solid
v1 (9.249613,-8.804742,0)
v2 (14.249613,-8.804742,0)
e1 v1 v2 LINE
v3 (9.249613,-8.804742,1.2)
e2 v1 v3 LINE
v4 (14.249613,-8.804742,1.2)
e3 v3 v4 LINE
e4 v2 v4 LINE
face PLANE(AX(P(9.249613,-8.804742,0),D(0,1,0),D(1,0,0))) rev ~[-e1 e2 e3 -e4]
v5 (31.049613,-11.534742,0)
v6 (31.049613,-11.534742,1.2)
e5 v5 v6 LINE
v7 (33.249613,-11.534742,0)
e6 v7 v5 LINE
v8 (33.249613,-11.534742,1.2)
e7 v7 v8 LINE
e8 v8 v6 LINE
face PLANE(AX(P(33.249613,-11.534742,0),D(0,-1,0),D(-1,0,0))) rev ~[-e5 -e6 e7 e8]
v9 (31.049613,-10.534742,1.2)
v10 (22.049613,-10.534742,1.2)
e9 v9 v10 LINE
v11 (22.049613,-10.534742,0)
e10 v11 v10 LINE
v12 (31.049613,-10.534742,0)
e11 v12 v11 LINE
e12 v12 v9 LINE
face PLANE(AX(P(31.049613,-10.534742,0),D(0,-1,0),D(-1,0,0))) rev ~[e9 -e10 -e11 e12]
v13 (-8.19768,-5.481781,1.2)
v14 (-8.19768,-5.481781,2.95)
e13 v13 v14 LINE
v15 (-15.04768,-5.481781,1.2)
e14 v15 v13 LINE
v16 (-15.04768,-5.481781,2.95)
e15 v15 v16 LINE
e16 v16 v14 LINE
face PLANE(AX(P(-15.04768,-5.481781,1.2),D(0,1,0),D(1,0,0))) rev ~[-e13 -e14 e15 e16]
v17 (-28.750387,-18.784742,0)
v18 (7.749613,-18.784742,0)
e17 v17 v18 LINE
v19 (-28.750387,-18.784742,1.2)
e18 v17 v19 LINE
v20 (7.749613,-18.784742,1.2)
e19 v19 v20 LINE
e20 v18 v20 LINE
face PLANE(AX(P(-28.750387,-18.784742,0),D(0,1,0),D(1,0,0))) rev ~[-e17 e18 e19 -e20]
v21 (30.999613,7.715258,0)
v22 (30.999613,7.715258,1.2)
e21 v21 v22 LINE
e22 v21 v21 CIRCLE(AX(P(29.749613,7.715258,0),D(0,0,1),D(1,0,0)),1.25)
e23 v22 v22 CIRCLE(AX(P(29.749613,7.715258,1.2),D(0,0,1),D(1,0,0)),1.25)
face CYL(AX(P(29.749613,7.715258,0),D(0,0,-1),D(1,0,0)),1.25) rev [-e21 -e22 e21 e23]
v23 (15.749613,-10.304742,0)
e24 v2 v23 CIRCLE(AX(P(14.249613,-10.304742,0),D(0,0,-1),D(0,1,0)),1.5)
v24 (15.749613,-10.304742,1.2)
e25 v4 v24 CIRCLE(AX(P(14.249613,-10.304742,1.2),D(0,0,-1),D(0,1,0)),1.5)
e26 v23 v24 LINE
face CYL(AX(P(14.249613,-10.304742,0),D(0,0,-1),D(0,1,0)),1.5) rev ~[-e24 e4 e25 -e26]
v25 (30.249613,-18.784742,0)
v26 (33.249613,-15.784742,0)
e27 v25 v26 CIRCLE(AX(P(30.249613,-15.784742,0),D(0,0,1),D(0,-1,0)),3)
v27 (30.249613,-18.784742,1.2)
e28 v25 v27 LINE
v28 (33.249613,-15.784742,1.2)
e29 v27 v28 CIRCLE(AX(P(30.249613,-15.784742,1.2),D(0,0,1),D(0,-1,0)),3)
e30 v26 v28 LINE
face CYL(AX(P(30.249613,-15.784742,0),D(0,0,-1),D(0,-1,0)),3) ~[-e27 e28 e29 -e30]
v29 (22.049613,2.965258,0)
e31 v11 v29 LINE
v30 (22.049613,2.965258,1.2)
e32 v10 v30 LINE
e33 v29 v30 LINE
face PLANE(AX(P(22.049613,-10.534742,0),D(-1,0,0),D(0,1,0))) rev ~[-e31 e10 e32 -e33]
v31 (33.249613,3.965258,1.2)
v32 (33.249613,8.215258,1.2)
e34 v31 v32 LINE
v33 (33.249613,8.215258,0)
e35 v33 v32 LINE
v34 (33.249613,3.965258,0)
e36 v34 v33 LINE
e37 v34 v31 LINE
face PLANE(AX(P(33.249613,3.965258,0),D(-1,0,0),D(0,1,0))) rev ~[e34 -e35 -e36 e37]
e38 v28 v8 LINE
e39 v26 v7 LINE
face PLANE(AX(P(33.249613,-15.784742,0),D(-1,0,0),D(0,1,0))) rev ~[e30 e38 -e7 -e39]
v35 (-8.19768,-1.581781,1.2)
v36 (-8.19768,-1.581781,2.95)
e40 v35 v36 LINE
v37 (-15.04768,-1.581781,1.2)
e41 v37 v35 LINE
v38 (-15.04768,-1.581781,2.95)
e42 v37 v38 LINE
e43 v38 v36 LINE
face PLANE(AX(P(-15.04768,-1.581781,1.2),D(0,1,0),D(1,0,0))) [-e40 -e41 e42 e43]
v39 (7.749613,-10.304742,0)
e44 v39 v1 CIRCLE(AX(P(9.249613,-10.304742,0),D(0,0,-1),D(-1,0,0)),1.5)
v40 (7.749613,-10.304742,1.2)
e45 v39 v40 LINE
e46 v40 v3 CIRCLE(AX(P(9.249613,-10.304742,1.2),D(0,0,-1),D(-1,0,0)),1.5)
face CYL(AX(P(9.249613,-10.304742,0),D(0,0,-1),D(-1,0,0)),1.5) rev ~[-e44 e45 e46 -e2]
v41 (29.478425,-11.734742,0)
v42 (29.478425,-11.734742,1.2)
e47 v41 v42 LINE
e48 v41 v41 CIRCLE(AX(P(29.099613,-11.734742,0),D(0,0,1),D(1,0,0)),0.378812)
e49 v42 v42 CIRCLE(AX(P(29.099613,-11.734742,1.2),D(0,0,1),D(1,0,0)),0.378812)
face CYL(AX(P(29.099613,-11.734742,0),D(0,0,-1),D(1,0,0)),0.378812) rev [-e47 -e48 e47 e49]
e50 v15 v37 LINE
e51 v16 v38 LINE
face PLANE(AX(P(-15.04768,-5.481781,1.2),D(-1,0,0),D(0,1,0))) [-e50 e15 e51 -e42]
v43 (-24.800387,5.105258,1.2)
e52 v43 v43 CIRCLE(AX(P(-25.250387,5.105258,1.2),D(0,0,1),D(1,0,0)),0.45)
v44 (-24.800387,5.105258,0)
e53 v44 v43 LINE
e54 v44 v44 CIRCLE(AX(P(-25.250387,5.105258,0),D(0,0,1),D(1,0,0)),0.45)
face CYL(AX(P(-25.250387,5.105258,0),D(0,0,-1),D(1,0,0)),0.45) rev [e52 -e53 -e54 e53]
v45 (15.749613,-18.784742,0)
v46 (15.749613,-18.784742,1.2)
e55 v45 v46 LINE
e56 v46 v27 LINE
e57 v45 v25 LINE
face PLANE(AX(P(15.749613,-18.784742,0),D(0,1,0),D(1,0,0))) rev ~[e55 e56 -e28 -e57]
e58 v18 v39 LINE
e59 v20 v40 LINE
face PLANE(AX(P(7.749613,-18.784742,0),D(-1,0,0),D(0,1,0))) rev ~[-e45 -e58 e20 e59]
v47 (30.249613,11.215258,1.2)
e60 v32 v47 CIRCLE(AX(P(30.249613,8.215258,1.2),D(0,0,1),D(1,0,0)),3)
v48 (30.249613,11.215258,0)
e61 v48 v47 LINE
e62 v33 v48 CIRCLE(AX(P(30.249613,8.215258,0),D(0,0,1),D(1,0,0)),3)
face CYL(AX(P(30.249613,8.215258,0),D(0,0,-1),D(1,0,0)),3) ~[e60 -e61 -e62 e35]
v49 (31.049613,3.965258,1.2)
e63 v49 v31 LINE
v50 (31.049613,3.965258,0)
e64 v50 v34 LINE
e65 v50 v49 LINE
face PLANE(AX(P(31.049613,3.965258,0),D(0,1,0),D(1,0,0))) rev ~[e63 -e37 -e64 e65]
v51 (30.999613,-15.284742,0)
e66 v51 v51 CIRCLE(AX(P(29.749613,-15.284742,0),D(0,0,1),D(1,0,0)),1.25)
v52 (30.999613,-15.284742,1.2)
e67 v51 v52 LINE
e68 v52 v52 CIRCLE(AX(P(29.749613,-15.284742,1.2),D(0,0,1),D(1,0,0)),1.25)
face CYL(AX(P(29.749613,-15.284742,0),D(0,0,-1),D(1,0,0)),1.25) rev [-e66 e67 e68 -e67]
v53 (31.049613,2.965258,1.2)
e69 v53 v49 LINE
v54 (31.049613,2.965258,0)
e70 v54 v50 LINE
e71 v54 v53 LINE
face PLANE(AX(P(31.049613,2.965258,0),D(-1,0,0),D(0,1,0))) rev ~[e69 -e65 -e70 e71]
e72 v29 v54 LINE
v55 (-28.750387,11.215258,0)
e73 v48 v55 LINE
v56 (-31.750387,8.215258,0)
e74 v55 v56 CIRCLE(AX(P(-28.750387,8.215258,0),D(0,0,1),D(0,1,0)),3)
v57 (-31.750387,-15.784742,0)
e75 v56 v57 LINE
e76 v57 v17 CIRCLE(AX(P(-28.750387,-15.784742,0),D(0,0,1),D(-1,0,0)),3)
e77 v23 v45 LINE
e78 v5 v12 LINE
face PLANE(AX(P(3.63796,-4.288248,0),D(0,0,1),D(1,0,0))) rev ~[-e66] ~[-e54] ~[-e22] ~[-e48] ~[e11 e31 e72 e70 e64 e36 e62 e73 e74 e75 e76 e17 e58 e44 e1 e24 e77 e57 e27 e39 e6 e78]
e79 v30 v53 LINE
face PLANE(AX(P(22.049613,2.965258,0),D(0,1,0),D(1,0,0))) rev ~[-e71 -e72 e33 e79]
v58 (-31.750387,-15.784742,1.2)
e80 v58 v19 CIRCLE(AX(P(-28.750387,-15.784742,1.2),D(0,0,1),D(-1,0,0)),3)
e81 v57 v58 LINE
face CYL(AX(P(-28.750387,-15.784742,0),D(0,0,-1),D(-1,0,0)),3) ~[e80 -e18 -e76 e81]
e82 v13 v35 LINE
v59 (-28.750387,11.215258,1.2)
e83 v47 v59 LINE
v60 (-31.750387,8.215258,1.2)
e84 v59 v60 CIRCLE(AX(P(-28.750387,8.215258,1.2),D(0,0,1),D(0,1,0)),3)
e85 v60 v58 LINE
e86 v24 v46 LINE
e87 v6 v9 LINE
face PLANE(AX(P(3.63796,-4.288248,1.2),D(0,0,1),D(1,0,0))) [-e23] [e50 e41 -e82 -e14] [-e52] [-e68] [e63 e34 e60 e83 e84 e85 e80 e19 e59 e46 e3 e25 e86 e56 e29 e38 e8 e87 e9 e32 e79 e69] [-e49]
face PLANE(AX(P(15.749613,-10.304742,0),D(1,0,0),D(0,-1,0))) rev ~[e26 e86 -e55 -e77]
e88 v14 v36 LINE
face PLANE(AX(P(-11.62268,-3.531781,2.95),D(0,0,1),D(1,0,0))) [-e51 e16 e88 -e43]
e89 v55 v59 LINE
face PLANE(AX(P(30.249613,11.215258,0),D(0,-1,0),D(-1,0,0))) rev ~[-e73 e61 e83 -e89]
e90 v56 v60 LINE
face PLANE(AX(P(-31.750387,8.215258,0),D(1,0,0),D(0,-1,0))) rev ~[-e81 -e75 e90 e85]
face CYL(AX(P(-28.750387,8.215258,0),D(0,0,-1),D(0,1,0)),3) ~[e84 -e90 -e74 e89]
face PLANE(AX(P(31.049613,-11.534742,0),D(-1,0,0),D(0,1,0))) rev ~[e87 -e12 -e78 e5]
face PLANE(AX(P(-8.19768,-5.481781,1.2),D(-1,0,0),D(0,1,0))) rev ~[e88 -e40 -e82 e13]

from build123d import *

# Parameters (mm, degrees)
F0_R     = 1.25
F0_R_2   = 0.3788120932
F0_W     = 6.85
F0_H     = 3.9
F0_R_3   = 0.45
F1_DEPTH = 1.2
F2_START = 1.2
F2_DEPTH = 1.75


with BuildPart() as f1:
    # F0 (on Top) → F1 (new body)
    with BuildSketch(Plane.XY):
        with BuildLine():
            Line((30.2496132553, 11.215257898), (-28.7503867447, 11.215257898))
            ThreePointArc((-28.7503867447, 11.215257898), (-30.8717070883, 10.3365782415), (-31.7503867447, 8.215257898))
            Line((-31.7503867447, 8.215257898), (-31.7503867447, -15.784742102))
            ThreePointArc((-31.7503867447, -15.784742102), (-30.8717070883, -17.9060624456), (-28.7503867447, -18.784742102))
            Line((-28.7503867447, -18.784742102), (7.7496132553, -18.784742102))
            Line((7.7496132553, -18.784742102), (7.7496132553, -10.304742102))
            ThreePointArc((7.7496132553, -10.304742102), (8.1889530835, -9.2440819302), (9.2496132553, -8.804742102))
            Line((9.2496132553, -8.804742102), (14.2496132553, -8.804742102))
            ThreePointArc((14.2496132553, -8.804742102), (15.310273427, -9.2440819302), (15.7496132553, -10.304742102))
            Line((15.7496132553, -10.304742102), (15.7496132553, -18.784742102))
            Line((15.7496132553, -18.784742102), (30.2496132553, -18.784742102))
            ThreePointArc((30.2496132553, -18.784742102), (32.3709335988, -17.9060624456), (33.2496132553, -15.784742102))
            Line((33.2496132553, -15.784742102), (33.2496132553, -11.534742102))
            Line((33.2496132553, -11.534742102), (31.0496132553, -11.534742102))
            Line((31.0496132553, -11.534742102), (31.0496132553, -10.534742102))
            Line((31.0496132553, -10.534742102), (22.0496132553, -10.534742102))
            Line((22.0496132553, -10.534742102), (22.0496132553, 2.965257898))
            Line((22.0496132553, 2.965257898), (31.0496132553, 2.965257898))
            Line((31.0496132553, 2.965257898), (31.0496132553, 3.965257898))
            Line((31.0496132553, 3.965257898), (33.2496132553, 3.965257898))
            Line((33.2496132553, 3.965257898), (33.2496132553, 8.215257898))
            ThreePointArc((33.2496132553, 8.215257898), (32.3709335988, 10.3365782415), (30.2496132553, 11.215257898))
        make_face()
        with Locations((29.7496132553, -15.284742102)):
            Circle(F0_R, mode=Mode.SUBTRACT)
        with Locations((29.0996132553, -11.734742102)):
            Circle(F0_R_2, mode=Mode.SUBTRACT)
        with Locations((-11.6226801157, -3.5317809723)):
            Rectangle(F0_W, F0_H, mode=Mode.SUBTRACT)
        with Locations((-25.2503867447, 5.105257898)):
            Circle(F0_R_3, mode=Mode.SUBTRACT)
        with Locations((29.7496132553, 7.715257898)):
            Circle(F0_R, mode=Mode.SUBTRACT)
        with Locations((-11.6226801157, -3.5317809723)):
            Rectangle(F0_W, F0_H)
    extrude(amount=F1_DEPTH)

    # F0 (on Top) → F2 (join)
    with BuildSketch(Plane.XY.offset(F2_START)):
        with Locations((-11.6226801157, -3.5317809723)):
            Rectangle(F0_W, F0_H)
    extrude(amount=F2_DEPTH)


solid = f1.part
